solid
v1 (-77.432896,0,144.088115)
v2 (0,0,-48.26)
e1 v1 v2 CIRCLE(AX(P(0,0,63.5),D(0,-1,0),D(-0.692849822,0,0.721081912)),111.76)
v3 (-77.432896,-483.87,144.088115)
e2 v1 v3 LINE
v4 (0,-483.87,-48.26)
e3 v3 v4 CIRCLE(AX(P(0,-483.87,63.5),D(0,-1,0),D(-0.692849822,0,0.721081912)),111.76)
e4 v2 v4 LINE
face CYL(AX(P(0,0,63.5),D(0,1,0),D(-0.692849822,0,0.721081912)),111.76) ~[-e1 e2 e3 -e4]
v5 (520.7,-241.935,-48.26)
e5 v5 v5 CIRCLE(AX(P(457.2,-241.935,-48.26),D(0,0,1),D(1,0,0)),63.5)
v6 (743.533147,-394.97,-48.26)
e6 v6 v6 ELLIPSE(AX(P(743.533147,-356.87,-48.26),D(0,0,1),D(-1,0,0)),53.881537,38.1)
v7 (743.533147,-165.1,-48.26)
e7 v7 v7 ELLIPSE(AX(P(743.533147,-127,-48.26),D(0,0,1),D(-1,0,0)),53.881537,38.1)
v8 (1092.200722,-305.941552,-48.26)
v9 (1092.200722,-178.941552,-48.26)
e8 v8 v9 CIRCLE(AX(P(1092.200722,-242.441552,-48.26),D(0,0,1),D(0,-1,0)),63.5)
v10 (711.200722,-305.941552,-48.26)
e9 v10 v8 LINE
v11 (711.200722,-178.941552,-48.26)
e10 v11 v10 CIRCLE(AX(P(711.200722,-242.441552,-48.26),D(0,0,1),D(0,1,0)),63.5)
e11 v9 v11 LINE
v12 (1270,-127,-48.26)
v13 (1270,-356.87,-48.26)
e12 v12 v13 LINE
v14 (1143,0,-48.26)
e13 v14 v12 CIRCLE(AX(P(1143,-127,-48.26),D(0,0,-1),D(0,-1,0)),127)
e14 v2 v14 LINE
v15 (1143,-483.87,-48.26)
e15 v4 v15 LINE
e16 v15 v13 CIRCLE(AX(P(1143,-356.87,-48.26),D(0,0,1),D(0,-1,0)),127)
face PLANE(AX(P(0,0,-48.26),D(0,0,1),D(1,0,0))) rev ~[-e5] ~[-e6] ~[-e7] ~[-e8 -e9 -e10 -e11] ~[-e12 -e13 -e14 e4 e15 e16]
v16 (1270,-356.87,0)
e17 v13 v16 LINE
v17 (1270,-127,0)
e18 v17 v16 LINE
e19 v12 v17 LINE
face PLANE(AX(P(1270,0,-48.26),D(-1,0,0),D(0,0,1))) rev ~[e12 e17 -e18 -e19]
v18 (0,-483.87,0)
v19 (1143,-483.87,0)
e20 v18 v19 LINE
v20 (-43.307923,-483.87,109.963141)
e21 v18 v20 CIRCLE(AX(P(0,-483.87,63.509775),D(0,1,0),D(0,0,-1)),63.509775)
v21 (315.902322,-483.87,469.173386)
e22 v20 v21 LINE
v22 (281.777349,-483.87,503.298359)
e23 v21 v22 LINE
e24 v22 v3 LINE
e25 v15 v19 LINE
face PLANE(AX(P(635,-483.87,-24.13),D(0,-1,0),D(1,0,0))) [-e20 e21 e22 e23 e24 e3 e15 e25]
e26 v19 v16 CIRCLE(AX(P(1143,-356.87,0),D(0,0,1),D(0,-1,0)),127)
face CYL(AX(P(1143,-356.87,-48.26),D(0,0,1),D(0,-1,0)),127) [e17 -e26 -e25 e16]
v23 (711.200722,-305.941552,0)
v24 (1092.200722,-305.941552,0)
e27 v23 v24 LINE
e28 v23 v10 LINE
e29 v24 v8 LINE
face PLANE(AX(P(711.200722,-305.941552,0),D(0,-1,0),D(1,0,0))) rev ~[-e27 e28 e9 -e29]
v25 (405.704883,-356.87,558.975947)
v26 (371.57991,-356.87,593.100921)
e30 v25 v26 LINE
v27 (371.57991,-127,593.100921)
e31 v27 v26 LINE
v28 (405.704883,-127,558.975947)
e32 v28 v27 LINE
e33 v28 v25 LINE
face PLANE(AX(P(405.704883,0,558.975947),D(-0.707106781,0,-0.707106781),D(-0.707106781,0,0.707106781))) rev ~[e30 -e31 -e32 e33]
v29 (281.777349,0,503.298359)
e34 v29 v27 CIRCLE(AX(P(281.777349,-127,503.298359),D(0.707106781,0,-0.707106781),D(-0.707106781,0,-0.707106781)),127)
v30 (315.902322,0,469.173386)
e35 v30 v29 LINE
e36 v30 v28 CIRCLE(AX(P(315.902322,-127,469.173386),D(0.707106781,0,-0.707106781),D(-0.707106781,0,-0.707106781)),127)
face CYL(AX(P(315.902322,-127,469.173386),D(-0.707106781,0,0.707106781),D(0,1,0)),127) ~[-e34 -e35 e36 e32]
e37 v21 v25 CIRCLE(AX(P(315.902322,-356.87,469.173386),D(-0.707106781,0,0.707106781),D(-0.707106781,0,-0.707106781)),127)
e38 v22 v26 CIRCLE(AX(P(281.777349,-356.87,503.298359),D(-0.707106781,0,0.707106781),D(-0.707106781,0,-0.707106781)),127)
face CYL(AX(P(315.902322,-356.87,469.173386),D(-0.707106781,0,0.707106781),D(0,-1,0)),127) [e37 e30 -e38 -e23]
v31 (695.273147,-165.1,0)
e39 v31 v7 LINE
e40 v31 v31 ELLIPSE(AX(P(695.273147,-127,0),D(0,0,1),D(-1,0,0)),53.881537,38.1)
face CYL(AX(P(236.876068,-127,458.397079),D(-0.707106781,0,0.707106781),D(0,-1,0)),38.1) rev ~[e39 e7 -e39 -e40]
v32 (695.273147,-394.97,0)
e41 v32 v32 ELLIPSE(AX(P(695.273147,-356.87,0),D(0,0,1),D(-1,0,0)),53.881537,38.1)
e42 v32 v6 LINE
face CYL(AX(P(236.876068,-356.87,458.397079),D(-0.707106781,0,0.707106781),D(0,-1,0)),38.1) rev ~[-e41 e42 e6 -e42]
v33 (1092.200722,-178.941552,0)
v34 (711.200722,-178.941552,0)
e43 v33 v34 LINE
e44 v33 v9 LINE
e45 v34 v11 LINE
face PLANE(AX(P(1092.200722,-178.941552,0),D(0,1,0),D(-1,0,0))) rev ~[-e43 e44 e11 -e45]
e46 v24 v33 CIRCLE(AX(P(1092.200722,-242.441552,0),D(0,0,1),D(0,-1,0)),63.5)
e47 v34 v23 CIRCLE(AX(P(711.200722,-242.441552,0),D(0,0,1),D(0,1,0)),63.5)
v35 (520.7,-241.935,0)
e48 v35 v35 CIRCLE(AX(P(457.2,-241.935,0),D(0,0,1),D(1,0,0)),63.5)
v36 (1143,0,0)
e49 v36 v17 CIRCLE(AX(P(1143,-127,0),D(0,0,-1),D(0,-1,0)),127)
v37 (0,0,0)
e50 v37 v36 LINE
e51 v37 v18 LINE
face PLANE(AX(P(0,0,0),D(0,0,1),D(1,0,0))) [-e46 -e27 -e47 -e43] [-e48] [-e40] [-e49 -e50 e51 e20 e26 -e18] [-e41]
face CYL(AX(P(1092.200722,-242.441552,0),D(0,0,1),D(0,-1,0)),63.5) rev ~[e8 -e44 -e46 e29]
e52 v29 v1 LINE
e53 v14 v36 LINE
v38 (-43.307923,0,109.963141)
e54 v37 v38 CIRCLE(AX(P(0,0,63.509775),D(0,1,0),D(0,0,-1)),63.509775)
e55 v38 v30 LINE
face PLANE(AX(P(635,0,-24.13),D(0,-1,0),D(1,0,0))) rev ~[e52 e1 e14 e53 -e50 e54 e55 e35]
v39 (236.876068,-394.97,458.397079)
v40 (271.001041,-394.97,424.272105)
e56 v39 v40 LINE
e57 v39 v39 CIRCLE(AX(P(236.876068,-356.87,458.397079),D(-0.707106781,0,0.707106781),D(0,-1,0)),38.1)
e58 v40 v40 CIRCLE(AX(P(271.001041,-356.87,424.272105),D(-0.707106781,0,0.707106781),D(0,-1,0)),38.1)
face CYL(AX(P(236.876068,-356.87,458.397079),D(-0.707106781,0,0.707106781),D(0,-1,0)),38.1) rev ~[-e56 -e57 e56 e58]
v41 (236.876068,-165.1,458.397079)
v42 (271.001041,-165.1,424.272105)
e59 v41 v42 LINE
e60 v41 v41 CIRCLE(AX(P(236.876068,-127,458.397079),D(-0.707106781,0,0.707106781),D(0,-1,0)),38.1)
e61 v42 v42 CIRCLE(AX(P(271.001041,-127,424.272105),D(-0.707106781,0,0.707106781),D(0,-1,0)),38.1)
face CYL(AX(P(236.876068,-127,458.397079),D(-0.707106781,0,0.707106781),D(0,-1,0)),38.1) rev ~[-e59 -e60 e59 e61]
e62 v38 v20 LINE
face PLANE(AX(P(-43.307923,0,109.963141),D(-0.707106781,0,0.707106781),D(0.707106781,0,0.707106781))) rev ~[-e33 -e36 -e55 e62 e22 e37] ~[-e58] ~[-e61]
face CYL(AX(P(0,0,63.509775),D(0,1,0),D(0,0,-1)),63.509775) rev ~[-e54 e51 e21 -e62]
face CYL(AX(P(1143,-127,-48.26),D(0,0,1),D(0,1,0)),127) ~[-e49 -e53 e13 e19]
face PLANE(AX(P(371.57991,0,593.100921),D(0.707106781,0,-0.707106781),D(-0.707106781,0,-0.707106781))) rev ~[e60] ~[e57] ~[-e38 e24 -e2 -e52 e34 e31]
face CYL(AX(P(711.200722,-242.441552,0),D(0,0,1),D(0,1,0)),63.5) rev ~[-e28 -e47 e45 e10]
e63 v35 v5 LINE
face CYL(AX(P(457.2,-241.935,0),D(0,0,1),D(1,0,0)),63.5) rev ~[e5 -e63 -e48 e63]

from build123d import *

# Parameters (mm, degrees)
F0_W     = 1270
F0_H     = 48.26
F1_DEPTH = 483.87
F2_R     = 63.5
F3_DEPTH = 48.261
F4_R     = 127
F5_R     = 38.1
F6_DEPTH = 1088.7905941503


with BuildPart() as f1:
    # F0 (on Front) → F1 (new body)
    with BuildSketch(Plane.XZ):
        with Locations((635, -24.13)):
            Rectangle(F0_W, F0_H)
        with BuildLine():
            Line((0, -48.26), (0, 0))
            ThreePointArc((0, 0), (-59.0920227604, 40.2369511729), (-43.3079228428, 109.9631412552))
            Line((-43.3079228428, 109.9631412552), (405.7048832106, 558.9759473086))
            Line((405.7048832106, 558.9759473086), (371.5799099506, 593.1009205687))
            Line((371.5799099506, 593.1009205687), (-77.4328961029, 144.0881145152))
            ThreePointArc((-77.4328961029, 144.0881145152), (-103.6745515501, 21.7641046473), (0, -48.26))
        make_face()
    extrude(amount=F1_DEPTH)

    # F2 (on face) → F3 (cut, through all)
    with BuildSketch(Plane.XY):
        with Locations((457.2, -241.935)):
            Circle(F2_R)
        with BuildLine():
            ThreePointArc((1092.2007215854, -305.9415523028), (1155.7007215854, -242.4415523028), (1092.2007215854, -178.9415523028))
            Line((1092.2007215854, -178.9415523028), (711.2007215854, -178.9415523028))
            ThreePointArc((711.2007215854, -178.9415523028), (647.7007215854, -242.4415523028), (711.2007215854, -305.9415523028))
            Line((711.2007215854, -305.9415523028), (1092.2007215854, -305.9415523028))
        make_face()
    extrude(amount=-F3_DEPTH, mode=Mode.SUBTRACT)

    # F4
    f4_edges = [f1.edges().sort_by_distance(p)[0] for p in [
        (388.642397, 0, 576.038434),
        (388.642397, -483.87, 576.038434),
        (1270, -483.87, -24.13),
        (1270, 0, -24.13),
    ]]
    fillet(f4_edges, radius=F4_R)

    # F5 (on face) → F6 (cut, through all)
    with BuildSketch(Plane(origin=(-110.7605053091, 0, 110.7605053091), x_dir=(0, -1, 0), z_dir=(-0.7071067812, 0, 0.7071067812))):
        with Locations((127, 491.6323569408)):
            Circle(F5_R)
        with Locations((356.87, 491.6323569408)):
            Circle(F5_R)
    extrude(amount=-F6_DEPTH, mode=Mode.SUBTRACT)


solid = f1.part
